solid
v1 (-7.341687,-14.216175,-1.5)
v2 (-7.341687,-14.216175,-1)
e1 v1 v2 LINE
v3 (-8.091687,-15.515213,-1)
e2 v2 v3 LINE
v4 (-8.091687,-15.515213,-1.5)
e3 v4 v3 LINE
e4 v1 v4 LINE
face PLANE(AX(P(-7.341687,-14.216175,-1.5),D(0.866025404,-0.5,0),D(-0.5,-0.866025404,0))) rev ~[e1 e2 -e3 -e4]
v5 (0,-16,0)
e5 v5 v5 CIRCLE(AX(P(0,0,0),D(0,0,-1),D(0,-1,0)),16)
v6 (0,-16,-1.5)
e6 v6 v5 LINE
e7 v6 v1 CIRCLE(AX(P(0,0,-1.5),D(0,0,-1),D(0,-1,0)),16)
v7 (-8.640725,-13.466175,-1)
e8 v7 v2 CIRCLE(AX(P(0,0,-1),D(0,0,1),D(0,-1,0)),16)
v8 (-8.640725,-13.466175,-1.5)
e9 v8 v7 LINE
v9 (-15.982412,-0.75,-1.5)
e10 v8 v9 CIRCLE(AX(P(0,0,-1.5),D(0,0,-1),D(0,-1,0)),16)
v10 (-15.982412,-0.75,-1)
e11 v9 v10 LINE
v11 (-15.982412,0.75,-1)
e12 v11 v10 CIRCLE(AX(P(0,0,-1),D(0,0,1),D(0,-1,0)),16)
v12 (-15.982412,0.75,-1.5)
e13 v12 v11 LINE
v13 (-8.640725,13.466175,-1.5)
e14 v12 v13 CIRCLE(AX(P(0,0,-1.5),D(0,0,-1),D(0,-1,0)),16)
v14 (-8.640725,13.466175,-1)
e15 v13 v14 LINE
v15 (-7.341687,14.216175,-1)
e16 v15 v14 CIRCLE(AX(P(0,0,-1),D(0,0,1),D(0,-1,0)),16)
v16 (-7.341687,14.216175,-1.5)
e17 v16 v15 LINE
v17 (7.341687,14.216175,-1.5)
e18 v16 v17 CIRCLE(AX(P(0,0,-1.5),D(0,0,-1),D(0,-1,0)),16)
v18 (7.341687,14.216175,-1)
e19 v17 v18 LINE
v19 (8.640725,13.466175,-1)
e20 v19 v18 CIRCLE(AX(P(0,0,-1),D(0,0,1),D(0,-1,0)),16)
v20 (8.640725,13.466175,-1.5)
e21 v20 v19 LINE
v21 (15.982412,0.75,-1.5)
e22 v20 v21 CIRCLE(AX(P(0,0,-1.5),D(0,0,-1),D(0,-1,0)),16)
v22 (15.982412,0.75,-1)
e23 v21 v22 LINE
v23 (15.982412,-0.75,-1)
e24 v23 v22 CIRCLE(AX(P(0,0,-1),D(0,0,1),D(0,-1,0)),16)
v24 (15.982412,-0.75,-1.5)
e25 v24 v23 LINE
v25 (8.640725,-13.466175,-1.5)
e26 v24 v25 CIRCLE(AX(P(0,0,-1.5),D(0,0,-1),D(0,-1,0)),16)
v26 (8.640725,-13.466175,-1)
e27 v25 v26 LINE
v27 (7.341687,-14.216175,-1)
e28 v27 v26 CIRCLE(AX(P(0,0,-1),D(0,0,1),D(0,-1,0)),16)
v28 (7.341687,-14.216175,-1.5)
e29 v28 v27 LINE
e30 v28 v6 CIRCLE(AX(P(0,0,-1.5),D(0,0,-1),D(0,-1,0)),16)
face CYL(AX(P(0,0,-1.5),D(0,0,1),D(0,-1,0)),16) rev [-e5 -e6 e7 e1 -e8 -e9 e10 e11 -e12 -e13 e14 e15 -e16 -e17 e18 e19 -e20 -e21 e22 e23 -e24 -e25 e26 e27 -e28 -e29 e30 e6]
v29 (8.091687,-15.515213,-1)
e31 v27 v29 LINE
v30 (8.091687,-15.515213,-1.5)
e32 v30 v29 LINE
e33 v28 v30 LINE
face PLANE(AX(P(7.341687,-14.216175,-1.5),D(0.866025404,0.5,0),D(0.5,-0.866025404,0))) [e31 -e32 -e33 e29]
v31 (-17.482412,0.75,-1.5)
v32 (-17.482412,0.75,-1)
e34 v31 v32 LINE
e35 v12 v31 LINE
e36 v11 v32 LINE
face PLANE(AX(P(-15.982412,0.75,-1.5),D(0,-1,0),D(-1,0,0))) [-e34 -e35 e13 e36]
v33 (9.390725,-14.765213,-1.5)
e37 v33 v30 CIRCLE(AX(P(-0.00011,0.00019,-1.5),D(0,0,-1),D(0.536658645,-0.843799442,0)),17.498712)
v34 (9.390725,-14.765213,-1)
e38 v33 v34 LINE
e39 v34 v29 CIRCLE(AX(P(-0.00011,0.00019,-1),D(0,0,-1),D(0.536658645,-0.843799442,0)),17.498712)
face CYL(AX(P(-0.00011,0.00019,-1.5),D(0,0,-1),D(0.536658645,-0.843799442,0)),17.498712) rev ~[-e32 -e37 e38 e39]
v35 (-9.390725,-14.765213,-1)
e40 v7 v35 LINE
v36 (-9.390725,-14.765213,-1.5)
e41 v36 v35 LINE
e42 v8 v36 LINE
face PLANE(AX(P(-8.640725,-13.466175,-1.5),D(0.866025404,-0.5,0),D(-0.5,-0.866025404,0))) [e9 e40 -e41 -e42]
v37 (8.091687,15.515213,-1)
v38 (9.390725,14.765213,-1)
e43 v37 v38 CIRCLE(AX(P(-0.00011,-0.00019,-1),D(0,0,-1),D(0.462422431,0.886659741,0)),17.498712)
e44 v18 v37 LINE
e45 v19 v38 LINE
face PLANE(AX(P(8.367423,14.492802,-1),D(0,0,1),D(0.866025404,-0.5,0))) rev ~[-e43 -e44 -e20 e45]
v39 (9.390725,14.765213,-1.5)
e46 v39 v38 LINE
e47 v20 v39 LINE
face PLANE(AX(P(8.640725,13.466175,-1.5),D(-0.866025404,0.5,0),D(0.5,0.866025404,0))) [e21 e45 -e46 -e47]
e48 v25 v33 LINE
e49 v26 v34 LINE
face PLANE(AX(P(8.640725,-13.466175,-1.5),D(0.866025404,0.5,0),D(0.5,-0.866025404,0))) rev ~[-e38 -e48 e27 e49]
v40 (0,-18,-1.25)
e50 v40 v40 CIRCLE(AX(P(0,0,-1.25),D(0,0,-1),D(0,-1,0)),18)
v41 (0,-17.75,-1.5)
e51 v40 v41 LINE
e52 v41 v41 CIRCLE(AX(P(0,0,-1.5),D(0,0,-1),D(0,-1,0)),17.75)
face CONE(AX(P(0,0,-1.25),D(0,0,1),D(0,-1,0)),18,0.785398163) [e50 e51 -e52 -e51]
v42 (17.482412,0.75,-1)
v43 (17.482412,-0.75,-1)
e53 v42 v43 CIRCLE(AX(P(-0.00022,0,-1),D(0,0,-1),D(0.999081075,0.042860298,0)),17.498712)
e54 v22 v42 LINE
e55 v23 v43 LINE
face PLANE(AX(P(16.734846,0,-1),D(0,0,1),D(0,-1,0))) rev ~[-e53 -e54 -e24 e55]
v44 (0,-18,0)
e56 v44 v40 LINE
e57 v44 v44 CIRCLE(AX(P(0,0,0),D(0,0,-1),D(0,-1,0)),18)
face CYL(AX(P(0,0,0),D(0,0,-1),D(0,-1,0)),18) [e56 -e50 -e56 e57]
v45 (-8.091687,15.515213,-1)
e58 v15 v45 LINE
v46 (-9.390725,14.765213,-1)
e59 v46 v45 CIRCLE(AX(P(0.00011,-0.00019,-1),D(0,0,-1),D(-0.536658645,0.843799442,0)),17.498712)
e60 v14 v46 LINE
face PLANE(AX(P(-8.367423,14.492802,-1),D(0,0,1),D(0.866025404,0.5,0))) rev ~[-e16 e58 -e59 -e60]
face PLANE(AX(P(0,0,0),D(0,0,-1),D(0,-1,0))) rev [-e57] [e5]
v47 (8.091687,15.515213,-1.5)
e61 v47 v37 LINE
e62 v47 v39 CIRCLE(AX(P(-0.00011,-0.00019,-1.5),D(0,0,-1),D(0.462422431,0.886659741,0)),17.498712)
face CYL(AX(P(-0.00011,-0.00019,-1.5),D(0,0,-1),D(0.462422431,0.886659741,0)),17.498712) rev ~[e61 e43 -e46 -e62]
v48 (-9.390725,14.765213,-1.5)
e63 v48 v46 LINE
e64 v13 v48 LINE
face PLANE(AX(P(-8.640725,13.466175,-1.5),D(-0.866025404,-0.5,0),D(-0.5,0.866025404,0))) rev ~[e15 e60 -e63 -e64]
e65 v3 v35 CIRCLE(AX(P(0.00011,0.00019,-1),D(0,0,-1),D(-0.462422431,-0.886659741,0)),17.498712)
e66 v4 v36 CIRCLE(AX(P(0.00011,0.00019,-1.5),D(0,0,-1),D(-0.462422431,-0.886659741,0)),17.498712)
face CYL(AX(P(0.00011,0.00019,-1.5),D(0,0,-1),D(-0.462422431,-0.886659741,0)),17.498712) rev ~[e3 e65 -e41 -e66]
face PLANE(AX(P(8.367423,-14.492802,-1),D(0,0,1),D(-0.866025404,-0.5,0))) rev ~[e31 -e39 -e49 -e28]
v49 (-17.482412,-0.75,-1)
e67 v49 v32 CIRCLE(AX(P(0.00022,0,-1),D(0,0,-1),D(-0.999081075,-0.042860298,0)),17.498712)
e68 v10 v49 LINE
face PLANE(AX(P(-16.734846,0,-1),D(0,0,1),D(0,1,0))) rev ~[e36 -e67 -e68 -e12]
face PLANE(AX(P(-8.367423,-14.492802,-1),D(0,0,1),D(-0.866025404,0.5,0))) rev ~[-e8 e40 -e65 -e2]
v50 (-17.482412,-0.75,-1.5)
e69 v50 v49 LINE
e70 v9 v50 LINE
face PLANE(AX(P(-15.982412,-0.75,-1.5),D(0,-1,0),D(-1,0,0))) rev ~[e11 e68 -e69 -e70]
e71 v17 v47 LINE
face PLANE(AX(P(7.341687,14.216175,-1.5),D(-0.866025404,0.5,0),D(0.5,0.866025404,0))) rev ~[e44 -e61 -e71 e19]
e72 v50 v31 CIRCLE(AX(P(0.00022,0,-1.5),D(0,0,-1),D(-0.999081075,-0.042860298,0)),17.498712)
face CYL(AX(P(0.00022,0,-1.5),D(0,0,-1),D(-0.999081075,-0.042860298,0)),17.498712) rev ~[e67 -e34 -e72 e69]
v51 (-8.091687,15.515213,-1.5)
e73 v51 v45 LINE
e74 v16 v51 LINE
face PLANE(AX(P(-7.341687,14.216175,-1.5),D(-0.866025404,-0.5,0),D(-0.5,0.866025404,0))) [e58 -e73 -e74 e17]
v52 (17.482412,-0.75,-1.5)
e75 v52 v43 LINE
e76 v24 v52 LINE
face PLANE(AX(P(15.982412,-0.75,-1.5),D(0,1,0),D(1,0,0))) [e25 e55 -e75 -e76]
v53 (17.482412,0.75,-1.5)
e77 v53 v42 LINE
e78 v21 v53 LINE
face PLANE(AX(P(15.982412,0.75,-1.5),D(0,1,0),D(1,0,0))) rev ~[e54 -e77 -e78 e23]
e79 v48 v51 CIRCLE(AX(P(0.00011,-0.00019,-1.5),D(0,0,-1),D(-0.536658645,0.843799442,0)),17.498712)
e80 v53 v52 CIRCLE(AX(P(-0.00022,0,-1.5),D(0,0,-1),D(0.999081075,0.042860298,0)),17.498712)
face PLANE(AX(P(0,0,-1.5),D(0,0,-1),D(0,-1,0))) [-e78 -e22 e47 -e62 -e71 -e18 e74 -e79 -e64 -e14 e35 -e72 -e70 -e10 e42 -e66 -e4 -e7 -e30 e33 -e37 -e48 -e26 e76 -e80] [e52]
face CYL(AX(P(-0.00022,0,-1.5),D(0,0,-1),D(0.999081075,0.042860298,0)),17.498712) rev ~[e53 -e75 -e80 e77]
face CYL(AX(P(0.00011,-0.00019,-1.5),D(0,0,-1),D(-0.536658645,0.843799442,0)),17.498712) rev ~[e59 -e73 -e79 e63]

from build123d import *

# Parameters (mm, degrees)
POCKET003_DEPTH         = 0.5
POLARPATTERN_COUNT      = 6
BODY003_PLACEMENT_ANGLE = 180


with BuildPart() as part:
    # Sketch022 → Revolution003 (revolve)
    with BuildSketch(Plane.YZ):
        Polygon((16, 0), (18, 0), (18, 1.25), (17.75, 1.5), (16, 1.5), align=None)
    revolve(axis=Axis((0, 0, 0), (0, 0, 1)))

    # Sketch023 (on Face4 of Revolution003) → Pocket003 (cut)
    with BuildSketch(Plane(origin=(0, 0, 1.5), x_dir=(0, -1, 0), z_dir=(0, 0, 1))):
        with BuildLine():
            Line((-0.75, 15.982412), (-0.75, 17.482412))
            ThreePointArc((0.75, 17.482412), (0, 17.498492), (-0.75, 17.482412))
            Line((0.75, 15.982412), (0.75, 17.482412))
            Line((-0.75, 15.982412), (0.75, 15.982412))
        make_face()
    pocket003 = extrude(amount=-POCKET003_DEPTH, mode=Mode.SUBTRACT)

    # PolarPattern: Pocket003 ×6 about axis
    polarpattern_axis = Axis((0, 0, 1.5), (0, 0, 1))
    for i in range(1, POLARPATTERN_COUNT):
        add(pocket003.rotate(polarpattern_axis, i * 360 / POLARPATTERN_COUNT), mode=Mode.SUBTRACT)


with BuildPart() as part_1:
    # Body003 placement: moved
    add(part.part.moved(Location((0, 0, 0))).rotate(Axis((0, 0, 0), (1, 0, 0)), BODY003_PLACEMENT_ANGLE))


solid = part_1.part
